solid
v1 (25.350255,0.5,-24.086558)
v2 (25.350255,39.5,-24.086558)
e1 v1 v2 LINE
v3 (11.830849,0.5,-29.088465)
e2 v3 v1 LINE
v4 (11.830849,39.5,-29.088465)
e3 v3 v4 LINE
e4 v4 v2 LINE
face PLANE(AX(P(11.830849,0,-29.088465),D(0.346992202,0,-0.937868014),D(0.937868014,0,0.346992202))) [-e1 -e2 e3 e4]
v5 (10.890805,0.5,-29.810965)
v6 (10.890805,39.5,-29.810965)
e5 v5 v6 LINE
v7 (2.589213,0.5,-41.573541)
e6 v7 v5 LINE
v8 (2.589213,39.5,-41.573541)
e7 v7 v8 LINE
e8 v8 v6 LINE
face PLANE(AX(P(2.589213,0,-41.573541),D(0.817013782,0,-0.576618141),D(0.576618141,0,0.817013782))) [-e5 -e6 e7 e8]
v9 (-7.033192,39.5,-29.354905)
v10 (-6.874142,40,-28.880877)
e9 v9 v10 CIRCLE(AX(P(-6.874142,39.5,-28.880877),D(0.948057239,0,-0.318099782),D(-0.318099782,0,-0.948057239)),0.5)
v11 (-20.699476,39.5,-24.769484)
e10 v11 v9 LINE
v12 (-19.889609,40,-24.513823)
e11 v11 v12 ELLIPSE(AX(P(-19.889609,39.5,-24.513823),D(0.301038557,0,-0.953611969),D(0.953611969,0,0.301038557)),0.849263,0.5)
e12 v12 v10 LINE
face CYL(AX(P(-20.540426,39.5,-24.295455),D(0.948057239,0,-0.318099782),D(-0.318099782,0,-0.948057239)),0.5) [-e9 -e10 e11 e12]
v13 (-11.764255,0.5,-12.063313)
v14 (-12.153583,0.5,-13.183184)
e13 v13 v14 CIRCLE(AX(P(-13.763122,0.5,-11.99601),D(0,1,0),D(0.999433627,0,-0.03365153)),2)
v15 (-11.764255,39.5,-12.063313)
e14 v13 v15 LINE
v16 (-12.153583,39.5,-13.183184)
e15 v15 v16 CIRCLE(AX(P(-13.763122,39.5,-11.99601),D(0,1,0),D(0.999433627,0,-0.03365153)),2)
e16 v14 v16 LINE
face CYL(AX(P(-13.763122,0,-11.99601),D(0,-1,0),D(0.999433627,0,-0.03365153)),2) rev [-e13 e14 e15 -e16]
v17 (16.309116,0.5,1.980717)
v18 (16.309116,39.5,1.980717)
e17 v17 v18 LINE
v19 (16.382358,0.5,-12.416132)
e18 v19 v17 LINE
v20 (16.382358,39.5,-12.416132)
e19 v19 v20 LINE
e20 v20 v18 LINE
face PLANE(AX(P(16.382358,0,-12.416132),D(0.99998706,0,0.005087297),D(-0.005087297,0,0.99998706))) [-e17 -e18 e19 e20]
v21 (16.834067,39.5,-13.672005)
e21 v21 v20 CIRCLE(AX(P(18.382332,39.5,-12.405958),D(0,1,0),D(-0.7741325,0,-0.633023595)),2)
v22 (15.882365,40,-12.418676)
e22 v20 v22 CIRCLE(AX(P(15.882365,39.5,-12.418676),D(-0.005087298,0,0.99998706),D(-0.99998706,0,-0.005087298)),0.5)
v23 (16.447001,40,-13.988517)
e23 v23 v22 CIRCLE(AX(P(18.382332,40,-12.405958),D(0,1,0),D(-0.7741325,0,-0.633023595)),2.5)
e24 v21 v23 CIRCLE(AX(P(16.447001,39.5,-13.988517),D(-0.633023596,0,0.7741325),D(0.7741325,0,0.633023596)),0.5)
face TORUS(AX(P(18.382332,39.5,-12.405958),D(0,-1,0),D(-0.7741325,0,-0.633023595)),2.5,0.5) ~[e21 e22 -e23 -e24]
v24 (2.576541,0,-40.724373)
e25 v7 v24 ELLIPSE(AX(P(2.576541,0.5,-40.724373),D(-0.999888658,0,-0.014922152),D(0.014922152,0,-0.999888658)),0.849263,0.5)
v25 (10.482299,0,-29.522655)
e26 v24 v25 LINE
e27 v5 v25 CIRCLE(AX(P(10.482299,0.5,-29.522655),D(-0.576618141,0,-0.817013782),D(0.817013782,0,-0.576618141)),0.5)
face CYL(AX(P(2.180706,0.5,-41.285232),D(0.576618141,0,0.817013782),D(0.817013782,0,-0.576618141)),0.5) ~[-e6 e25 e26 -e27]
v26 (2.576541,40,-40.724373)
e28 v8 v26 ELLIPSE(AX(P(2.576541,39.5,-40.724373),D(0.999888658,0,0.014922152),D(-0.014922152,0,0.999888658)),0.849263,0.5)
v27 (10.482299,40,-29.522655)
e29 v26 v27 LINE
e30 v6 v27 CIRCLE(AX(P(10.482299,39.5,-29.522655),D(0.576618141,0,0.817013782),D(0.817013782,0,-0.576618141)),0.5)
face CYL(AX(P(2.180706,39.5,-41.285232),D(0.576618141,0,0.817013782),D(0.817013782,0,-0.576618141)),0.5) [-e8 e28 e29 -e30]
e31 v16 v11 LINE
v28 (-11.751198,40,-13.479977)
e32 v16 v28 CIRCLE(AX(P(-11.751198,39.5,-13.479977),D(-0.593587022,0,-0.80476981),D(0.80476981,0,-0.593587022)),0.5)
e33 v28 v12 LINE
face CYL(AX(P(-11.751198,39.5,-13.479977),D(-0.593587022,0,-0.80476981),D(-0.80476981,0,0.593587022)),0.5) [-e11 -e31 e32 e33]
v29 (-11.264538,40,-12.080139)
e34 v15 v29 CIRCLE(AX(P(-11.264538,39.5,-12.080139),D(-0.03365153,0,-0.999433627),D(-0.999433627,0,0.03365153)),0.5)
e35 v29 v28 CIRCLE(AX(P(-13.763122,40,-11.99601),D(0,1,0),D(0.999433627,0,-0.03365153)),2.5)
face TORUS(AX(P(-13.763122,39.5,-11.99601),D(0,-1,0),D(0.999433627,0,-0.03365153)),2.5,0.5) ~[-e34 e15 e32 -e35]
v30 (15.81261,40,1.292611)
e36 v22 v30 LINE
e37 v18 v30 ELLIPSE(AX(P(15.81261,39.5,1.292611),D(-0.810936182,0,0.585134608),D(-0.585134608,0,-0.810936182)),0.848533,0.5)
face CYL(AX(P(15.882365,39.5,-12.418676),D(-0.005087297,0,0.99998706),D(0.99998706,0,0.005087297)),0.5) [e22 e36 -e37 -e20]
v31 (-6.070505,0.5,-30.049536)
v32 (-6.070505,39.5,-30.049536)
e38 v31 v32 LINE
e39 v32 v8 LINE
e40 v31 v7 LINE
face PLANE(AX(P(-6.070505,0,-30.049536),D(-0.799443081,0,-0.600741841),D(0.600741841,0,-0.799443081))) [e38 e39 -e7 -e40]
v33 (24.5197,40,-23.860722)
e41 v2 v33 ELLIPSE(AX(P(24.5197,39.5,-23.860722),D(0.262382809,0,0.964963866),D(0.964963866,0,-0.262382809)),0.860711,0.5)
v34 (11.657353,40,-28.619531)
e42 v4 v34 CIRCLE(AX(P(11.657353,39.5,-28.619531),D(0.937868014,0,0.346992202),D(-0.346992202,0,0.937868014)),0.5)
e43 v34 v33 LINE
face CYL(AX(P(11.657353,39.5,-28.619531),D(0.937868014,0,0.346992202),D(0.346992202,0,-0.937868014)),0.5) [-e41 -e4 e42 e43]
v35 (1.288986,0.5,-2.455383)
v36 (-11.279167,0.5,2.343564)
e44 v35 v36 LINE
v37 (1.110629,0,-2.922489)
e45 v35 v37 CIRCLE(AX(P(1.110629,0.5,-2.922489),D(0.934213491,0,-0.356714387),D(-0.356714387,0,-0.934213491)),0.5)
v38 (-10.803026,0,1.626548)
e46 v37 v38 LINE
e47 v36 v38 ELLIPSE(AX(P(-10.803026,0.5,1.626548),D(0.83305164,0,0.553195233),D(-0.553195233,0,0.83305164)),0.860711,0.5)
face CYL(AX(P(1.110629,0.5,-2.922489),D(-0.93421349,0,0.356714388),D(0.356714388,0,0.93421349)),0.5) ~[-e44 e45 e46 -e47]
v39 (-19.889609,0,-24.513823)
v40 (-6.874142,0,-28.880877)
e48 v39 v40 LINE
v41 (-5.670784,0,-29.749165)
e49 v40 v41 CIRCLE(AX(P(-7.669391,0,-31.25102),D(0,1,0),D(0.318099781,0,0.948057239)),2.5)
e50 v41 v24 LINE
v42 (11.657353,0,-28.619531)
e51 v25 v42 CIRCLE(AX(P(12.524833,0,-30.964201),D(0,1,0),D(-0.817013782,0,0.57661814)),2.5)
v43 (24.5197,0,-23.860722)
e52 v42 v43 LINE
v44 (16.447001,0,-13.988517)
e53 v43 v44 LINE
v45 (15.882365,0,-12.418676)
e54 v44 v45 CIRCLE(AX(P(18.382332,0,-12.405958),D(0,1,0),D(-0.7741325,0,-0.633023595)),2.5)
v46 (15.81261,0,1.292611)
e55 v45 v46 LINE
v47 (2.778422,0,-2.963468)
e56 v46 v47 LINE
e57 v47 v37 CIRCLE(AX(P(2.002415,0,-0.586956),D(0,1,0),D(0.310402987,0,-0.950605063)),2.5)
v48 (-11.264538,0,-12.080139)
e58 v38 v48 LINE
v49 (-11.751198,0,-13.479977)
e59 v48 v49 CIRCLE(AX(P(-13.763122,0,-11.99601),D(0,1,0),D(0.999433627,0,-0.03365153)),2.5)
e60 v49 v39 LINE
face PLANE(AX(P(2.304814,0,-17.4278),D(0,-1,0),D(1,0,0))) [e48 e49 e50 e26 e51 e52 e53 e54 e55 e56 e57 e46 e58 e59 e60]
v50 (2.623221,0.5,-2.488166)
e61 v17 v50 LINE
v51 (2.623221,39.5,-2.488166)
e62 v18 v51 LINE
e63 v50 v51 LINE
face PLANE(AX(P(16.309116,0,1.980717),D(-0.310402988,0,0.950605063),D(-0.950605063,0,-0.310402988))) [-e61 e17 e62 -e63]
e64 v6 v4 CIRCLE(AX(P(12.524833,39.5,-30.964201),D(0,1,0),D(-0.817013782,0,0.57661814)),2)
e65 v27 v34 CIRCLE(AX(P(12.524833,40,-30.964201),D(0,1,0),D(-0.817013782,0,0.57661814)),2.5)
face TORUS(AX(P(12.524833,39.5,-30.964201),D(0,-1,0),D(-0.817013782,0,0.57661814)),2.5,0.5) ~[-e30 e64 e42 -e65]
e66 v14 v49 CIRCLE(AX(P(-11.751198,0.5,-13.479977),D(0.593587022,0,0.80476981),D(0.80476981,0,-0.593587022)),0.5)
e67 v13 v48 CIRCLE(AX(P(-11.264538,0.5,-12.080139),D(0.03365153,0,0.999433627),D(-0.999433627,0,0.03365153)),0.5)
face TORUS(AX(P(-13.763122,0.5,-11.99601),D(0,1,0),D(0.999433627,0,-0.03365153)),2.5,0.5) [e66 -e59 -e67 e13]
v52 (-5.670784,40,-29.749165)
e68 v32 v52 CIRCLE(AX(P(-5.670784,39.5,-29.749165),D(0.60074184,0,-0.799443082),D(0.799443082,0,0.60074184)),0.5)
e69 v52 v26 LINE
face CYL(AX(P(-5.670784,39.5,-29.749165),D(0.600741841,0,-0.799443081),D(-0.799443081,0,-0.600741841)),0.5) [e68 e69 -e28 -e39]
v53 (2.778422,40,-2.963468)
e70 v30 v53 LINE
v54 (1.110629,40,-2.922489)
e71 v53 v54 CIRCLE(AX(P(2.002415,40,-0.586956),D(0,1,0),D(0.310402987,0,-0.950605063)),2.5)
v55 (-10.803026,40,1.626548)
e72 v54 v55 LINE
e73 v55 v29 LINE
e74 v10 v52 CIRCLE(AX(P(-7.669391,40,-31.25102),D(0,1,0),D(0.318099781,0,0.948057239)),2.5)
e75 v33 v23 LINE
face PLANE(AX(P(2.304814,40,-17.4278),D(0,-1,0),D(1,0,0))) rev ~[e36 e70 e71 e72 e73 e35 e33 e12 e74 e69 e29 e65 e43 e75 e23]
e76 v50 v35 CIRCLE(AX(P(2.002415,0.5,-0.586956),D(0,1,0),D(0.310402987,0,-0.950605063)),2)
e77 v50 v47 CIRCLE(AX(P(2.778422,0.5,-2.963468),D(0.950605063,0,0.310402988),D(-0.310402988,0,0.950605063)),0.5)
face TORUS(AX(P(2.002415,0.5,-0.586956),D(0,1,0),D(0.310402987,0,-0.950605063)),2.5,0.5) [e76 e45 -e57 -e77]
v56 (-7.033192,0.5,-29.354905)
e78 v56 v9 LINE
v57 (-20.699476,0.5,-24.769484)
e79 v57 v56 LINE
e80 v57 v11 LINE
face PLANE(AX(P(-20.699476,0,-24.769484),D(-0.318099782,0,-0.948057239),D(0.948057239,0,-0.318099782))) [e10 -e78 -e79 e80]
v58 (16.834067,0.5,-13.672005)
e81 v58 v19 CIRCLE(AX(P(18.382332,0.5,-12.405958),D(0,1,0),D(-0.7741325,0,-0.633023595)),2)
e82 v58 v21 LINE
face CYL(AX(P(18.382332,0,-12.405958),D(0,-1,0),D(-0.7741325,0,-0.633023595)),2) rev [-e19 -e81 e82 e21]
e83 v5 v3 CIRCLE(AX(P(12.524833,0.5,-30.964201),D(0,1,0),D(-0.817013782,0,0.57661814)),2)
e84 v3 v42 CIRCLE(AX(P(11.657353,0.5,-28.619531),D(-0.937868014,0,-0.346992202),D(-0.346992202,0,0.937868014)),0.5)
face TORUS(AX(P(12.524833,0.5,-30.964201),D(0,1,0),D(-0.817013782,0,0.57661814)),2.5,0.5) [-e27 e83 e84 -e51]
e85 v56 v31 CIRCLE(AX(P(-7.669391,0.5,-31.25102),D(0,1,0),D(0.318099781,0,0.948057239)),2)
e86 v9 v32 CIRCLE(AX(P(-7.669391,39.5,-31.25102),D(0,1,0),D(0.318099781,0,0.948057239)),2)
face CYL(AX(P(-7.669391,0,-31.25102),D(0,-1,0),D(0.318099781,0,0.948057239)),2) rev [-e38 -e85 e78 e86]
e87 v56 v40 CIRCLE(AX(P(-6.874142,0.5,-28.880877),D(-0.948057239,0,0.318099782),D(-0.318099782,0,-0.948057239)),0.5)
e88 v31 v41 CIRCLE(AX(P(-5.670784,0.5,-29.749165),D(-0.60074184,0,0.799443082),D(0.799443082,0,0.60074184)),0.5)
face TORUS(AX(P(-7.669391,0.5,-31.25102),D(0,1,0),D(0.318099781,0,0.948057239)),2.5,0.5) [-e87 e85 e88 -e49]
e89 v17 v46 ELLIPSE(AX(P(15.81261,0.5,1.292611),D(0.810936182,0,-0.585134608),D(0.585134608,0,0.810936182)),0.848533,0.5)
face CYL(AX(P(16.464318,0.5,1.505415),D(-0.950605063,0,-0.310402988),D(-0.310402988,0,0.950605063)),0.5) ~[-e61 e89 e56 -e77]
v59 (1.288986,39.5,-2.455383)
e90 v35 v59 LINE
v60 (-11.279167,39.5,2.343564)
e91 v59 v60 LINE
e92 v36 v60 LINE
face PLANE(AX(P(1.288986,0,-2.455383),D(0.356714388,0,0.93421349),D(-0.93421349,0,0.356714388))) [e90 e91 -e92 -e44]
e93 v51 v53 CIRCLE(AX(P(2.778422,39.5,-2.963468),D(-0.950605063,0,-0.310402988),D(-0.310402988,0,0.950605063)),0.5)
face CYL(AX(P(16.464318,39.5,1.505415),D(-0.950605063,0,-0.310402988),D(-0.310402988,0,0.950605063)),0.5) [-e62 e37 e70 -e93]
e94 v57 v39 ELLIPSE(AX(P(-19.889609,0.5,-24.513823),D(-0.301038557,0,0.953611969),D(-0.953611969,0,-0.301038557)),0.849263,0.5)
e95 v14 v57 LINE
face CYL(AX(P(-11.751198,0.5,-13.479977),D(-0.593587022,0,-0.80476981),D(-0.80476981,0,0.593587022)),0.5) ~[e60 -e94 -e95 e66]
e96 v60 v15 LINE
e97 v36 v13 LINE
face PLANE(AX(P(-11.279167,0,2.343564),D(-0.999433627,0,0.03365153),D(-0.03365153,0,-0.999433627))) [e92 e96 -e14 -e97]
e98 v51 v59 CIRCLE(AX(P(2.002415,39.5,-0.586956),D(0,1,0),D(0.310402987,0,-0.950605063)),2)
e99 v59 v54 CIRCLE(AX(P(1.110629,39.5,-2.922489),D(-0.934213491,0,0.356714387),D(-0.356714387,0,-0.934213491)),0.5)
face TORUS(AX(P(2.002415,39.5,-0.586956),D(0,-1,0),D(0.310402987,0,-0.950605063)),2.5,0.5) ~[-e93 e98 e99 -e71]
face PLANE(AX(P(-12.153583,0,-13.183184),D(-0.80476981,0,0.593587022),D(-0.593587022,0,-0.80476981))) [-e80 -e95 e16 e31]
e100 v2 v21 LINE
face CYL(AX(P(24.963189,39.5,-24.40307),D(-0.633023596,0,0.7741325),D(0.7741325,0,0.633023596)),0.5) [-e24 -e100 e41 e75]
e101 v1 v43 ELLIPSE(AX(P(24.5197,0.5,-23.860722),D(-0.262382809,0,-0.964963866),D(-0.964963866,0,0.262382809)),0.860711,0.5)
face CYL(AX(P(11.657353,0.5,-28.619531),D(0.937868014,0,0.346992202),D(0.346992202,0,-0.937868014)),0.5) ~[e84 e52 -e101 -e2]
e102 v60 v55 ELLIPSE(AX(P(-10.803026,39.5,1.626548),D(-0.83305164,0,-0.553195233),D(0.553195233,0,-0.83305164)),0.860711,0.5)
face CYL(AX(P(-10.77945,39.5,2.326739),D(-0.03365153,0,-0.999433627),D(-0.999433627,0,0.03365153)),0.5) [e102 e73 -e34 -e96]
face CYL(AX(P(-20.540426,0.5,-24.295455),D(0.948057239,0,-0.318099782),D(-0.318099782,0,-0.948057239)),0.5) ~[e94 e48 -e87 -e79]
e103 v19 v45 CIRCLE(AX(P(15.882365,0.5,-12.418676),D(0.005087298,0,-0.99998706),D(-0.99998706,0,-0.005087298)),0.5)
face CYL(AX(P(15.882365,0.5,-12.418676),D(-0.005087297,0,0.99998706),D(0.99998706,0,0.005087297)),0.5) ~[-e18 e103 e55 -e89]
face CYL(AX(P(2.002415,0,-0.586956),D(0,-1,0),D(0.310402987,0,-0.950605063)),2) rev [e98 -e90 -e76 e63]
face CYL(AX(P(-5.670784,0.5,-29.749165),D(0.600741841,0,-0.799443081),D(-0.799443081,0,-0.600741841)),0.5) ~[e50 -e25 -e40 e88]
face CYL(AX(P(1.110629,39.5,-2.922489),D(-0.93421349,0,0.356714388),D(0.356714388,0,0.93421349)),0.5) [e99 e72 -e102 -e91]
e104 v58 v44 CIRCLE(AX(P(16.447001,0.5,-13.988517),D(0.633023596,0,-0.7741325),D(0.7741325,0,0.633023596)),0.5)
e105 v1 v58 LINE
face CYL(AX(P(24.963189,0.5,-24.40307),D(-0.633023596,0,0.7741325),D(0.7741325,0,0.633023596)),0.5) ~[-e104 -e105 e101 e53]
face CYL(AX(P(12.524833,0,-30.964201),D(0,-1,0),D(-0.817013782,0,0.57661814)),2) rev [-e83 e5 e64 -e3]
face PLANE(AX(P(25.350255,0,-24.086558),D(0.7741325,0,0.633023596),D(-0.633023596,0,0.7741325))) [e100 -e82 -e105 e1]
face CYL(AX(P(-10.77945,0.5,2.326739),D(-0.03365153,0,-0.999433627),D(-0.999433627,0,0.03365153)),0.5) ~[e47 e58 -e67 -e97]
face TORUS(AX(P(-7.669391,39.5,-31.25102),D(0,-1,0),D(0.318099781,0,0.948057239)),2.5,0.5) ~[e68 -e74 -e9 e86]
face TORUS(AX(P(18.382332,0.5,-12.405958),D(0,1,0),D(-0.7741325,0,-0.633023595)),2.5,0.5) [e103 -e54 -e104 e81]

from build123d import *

# Parameters (mm, degrees)
BOSS_EXTRUDE1_DEPTH = 40
FILLET1_R           = 0.5


with BuildPart() as part:
    # Sketch1 → Boss-Extrude1 (new body)
    with BuildSketch(Plane(origin=(0, 0, 0), x_dir=(-1, 0, 0), z_dir=(0, 1, 0))):
        with BuildLine():
            Line((-16.382358243, -12.416132382), (-16.309116245, 1.980717277))
            Line((-16.309116245, 1.980717277), (-2.623220974, -2.488165706))
            ThreePointArc((-2.623220974, -2.488165706), (-1.953288331, -2.586352132), (-1.288986221, -2.455382561))
            Line((-1.288986221, -2.455382561), (11.279166812, 2.343564434))
            Line((11.279166812, 2.343564434), (11.764255017, -12.063312843))
            ThreePointArc((11.764255017, -12.063312843), (11.874027832, -12.652761031), (12.15358265, -13.183183826))
            Line((12.15358265, -13.183183826), (20.699476347, -24.769483728))
            Line((20.699476347, -24.769483728), (7.033191834, -29.354905309))
            ThreePointArc((7.033191834, -29.354905309), (6.499122182, -29.629147424), (6.070505236, -30.049536105))
            Line((6.070505236, -30.049536105), (-2.58921338, -41.573541353))
            Line((-2.58921338, -41.573541353), (-10.890805488, -29.810964554))
            ThreePointArc((-10.890805488, -29.810964554), (-11.306058502, -29.378455396), (-11.830848647, -29.088464807))
            Line((-11.830848647, -29.088464807), (-25.350255054, -24.086557786))
            Line((-25.350255054, -24.086557786), (-16.834067363, -13.67200498))
            ThreePointArc((-16.834067363, -13.67200498), (-16.500364189, -13.082859401), (-16.382358243, -12.416132382))
        make_face()
    extrude(amount=BOSS_EXTRUDE1_DEPTH)

    # Fillet1
    fillet1_edges = [part.edges().sort_by_distance(p)[0] for p in [
        (18.59055185, 40, -26.587511297),
        (16.345737244, 0, -5.217707553),
        (9.46616861, 0, -0.253724215),
        (1.953288331, 0, -2.586352132),
        (-4.995090296, 0, -0.055909063),
        (-11.521710915, 0, -4.859874204),
        (-11.874027832, 0, -12.652761031),
        (11.306058502, 40, -29.378455396),
        (-16.426529498, 0, -18.976333777),
        (-13.86633409, 0, -27.062194519),
        (-6.499122182, 0, -29.629147424),
        (-1.740645928, 0, -35.811538729),
        (6.740009434, 0, -35.692252953),
        (11.306058502, 0, -29.378455396),
        (18.59055185, 0, -26.587511297),
        (21.092161209, 0, -18.879281383),
        (16.500364189, 0, -13.082859401),
        (6.740009434, 40, -35.692252953),
        (-1.740645928, 40, -35.811538729),
        (-6.499122182, 40, -29.629147424),
        (-13.86633409, 40, -27.062194519),
        (-16.426529498, 40, -18.976333777),
        (-11.874027832, 40, -12.652761031),
        (-11.521710915, 40, -4.859874204),
        (-4.995090296, 40, -0.055909063),
        (16.500364189, 40, -13.082859401),
        (1.953288331, 40, -2.586352132),
        (9.46616861, 40, -0.253724215),
        (16.345737244, 40, -5.217707553),
        (21.092161209, 40, -18.879281383),
    ]]
    fillet(fillet1_edges, radius=FILLET1_R)


solid = part.part
